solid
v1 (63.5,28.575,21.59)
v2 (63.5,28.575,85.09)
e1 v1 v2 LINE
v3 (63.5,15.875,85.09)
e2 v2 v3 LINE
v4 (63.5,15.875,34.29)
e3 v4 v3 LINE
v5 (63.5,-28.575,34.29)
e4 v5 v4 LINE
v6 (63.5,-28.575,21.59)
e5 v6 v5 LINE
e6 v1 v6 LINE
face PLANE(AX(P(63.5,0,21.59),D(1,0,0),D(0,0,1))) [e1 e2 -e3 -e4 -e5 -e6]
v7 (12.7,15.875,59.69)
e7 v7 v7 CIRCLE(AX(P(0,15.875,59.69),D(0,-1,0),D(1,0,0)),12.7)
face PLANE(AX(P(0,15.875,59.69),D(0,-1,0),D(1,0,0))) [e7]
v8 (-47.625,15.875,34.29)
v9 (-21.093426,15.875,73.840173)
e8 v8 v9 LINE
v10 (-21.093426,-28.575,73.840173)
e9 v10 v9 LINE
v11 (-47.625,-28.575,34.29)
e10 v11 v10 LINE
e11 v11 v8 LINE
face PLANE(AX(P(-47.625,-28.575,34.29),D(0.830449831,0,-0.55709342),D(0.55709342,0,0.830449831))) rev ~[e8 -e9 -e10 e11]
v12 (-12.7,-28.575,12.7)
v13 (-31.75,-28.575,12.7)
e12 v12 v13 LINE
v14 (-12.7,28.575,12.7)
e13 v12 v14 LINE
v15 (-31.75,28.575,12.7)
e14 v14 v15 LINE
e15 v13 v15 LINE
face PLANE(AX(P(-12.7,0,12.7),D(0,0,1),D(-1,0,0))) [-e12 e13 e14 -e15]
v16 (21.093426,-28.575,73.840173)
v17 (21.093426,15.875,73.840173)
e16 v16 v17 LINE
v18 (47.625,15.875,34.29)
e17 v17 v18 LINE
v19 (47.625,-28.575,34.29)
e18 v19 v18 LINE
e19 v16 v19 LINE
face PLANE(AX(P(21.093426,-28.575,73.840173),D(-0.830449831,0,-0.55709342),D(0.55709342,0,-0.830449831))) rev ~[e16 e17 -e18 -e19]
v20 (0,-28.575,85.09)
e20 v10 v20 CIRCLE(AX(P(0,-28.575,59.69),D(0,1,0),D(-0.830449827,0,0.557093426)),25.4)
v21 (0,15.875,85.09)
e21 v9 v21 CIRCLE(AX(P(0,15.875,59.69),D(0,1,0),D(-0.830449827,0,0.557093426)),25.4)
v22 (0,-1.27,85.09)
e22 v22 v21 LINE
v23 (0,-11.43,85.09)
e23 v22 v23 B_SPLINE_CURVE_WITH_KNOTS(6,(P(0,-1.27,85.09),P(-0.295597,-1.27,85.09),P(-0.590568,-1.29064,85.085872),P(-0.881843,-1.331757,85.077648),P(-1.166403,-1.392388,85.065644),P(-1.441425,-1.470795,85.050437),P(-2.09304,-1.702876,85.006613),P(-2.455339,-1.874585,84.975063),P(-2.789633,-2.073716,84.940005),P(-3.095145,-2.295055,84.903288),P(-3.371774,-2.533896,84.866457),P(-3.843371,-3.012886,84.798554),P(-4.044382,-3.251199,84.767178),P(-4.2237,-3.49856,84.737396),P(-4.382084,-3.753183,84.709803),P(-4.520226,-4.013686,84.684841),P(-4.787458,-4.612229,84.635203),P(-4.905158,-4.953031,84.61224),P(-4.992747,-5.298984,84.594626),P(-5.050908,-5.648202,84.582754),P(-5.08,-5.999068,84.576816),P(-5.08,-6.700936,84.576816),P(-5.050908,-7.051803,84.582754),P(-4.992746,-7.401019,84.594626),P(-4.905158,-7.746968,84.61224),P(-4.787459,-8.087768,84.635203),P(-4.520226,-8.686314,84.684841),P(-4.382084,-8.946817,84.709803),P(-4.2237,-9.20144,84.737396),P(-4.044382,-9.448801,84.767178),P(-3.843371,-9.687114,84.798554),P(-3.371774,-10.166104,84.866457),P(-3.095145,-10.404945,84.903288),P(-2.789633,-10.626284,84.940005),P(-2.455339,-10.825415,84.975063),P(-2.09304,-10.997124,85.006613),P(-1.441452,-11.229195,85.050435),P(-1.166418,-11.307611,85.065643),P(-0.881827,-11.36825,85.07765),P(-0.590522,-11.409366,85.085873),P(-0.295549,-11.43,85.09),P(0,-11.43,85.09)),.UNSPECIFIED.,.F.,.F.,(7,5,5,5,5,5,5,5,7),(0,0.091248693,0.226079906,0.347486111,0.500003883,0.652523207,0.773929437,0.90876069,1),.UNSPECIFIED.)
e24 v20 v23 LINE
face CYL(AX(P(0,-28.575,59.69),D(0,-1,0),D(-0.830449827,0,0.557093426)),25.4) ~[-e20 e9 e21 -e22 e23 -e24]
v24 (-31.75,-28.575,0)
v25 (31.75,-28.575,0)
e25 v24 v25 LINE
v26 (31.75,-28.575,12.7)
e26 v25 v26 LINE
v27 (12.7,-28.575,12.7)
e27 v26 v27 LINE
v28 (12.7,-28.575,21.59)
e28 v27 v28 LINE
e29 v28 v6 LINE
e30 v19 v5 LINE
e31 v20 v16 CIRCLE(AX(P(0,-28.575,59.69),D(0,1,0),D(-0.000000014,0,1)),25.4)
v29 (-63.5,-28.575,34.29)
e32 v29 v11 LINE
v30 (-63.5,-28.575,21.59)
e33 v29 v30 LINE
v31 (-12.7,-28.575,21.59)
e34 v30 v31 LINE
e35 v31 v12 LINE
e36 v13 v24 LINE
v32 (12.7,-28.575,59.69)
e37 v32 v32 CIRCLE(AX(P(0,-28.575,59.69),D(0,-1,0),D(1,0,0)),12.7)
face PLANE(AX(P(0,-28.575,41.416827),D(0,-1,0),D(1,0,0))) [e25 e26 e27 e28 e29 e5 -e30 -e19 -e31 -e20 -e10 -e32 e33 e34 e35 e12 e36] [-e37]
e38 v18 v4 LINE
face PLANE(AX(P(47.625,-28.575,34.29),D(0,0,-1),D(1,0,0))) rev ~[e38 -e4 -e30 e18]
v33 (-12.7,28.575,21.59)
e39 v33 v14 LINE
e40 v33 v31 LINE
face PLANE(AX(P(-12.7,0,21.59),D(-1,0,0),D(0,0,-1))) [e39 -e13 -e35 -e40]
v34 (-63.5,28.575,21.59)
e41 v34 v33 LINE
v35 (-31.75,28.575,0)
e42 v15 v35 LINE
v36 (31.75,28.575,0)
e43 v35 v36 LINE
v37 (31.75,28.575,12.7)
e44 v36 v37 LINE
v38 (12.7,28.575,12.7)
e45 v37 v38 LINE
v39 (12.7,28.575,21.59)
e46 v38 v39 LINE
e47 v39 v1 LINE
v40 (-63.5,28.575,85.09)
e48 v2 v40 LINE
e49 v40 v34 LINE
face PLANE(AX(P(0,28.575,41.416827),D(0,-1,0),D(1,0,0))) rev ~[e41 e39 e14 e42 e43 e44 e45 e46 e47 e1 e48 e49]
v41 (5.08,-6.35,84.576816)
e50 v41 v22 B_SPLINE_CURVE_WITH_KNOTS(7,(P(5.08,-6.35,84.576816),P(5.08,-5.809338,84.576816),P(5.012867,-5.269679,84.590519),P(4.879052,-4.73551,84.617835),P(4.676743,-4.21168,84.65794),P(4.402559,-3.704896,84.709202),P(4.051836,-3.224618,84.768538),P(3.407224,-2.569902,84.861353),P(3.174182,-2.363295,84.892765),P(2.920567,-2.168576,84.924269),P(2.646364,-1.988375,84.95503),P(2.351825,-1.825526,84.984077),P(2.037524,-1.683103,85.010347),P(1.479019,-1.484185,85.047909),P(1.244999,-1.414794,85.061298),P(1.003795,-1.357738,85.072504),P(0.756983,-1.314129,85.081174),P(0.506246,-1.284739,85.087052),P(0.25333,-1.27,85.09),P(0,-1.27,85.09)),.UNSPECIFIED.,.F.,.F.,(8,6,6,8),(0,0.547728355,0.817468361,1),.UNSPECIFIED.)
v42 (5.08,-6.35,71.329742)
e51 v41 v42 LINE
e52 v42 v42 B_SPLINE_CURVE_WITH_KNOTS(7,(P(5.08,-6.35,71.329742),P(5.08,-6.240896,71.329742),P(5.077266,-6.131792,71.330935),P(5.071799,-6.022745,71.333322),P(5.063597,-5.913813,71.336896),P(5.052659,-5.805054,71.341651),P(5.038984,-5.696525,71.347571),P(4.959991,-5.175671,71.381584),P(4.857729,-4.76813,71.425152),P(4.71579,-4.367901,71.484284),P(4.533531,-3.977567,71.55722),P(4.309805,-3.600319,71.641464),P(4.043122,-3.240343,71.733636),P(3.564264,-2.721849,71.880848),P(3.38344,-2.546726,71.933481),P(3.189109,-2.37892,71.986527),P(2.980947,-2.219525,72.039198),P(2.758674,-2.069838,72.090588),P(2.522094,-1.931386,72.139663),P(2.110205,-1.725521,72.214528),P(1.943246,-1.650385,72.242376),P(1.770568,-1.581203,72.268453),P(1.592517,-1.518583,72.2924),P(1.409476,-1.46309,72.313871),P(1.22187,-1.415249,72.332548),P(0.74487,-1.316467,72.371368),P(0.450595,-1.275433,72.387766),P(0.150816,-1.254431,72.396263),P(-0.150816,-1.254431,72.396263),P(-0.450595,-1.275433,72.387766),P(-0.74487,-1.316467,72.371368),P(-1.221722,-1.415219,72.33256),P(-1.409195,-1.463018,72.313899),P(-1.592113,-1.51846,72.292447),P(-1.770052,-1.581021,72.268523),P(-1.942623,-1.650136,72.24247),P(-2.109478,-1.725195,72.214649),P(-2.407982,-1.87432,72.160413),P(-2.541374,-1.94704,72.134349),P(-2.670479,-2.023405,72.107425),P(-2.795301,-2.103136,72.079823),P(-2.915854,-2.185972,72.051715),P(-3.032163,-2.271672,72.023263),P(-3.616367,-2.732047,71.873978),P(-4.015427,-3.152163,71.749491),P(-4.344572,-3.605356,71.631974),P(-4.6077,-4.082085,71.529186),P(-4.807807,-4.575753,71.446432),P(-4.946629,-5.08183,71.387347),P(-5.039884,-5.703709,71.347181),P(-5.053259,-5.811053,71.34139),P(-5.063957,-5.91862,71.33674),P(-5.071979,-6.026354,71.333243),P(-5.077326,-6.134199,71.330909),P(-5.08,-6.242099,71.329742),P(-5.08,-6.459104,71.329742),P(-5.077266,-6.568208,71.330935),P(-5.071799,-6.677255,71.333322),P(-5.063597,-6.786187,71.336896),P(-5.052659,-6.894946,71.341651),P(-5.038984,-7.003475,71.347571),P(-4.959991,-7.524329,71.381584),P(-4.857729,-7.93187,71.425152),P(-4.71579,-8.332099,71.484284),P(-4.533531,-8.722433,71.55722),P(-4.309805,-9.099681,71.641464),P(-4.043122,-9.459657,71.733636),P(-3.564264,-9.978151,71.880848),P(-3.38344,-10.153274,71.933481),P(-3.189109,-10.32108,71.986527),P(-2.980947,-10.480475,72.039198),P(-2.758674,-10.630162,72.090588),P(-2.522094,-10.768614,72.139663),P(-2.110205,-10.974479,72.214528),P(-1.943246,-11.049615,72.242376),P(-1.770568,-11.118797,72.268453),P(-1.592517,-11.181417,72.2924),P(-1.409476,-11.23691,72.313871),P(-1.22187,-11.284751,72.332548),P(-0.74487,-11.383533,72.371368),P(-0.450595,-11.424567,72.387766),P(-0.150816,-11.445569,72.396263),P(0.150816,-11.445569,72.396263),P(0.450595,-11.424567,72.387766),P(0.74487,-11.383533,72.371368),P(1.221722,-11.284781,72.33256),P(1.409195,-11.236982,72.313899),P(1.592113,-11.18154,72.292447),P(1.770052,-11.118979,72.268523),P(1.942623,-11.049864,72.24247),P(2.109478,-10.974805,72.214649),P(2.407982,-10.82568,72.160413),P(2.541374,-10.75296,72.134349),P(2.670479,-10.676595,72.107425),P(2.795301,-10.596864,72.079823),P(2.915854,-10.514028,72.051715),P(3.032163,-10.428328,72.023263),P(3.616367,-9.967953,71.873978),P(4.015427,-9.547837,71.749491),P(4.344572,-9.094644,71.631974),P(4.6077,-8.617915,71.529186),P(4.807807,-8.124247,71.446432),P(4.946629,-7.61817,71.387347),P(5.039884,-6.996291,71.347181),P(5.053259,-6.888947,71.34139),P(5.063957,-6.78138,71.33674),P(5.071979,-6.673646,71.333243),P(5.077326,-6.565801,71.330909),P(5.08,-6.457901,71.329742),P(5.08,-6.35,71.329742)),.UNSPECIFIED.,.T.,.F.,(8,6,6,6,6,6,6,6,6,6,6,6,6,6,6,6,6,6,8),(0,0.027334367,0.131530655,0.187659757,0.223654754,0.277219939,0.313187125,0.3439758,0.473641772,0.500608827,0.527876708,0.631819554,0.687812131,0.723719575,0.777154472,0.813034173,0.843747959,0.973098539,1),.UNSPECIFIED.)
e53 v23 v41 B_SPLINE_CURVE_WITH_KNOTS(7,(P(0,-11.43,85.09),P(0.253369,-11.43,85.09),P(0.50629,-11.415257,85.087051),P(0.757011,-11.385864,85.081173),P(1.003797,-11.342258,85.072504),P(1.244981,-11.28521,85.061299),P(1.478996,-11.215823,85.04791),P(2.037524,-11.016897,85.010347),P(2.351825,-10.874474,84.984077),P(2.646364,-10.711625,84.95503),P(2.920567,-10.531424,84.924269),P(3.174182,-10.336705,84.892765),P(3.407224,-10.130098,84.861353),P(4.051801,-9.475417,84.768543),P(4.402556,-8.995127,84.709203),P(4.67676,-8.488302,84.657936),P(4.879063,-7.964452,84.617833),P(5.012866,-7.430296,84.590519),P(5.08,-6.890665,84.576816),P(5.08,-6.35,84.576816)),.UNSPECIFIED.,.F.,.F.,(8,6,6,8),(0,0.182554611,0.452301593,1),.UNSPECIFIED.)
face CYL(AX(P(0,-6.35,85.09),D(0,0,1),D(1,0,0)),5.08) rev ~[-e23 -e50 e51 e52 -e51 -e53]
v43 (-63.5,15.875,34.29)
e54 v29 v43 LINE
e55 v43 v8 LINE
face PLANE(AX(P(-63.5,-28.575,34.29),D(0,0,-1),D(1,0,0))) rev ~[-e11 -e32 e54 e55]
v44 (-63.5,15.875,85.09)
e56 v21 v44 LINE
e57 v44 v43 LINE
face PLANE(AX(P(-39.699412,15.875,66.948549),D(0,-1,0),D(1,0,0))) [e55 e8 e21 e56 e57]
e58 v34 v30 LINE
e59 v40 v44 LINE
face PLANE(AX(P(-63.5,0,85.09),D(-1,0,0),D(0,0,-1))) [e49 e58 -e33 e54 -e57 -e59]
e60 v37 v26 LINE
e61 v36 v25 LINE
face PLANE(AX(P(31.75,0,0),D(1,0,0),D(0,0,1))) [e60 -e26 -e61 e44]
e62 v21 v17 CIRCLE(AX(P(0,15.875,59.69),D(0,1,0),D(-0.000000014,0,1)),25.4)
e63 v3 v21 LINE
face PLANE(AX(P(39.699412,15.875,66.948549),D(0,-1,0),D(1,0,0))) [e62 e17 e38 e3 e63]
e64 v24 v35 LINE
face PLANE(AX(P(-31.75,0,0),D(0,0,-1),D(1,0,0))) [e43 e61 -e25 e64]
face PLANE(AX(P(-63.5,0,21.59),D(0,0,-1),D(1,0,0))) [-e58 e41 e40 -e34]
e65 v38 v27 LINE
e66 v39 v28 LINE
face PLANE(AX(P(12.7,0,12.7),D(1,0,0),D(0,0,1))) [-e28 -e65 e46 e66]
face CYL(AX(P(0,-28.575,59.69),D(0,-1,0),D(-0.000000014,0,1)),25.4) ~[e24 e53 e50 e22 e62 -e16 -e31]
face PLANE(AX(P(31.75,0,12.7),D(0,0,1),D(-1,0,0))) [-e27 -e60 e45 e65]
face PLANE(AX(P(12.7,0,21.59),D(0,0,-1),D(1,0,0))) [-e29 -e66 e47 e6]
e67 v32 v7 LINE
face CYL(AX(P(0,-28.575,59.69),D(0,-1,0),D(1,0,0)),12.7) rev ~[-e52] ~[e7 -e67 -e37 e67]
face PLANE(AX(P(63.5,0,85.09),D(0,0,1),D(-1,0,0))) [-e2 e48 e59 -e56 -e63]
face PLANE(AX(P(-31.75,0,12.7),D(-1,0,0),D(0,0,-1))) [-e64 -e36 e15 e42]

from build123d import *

# Parameters (mm, degrees)
F1_DEPTH = 28.575
F3_DEPTH = 44.45
F4_R     = 12.7
F5_DEPTH = 44.45
F6_R     = 5.08
F7_DEPTH = 25.4


with BuildPart() as f1:
    # F0 (on Front) → F1 (new body, symmetric)
    with BuildSketch(Plane.XZ):
        Polygon((-31.75, 0), (0, 0), (31.75, 0), (31.75, 12.7), (12.7, 12.7), (12.7, 21.59), (63.5, 21.59), (63.5, 85.09), (0, 85.09), (-63.5, 85.09), (-63.5, 21.59), (-12.7, 21.59), (-12.7, 12.7), (-31.75, 12.7), align=None)
    extrude(amount=F1_DEPTH, both=True)

    # F2 (on face) → F3 (cut)
    with BuildSketch(Plane.XZ.offset(28.575)):
        with BuildLine():
            Line((-63.5, 85.09), (-63.5, 34.29))
            Line((-63.5, 34.29), (-47.625, 34.29))
            Line((-47.625, 34.29), (-21.093426, 73.840173))
            ThreePointArc((-21.093426, 73.840173), (-11.952941, 82.101765), (0, 85.09))
            Line((0, 85.09), (-63.5, 85.09))
        make_face()
        with BuildLine():
            Line((47.625, 34.29), (63.5, 34.29))
            Line((63.5, 34.29), (63.5, 85.09))
            Line((63.5, 85.09), (0, 85.09))
            ThreePointArc((0, 85.09), (11.952941, 82.101765), (21.093426, 73.840173))
            Line((21.093426, 73.840173), (47.625, 34.29))
        make_face()
    extrude(amount=-F3_DEPTH, mode=Mode.SUBTRACT)

    # F4 (on face) → F5 (cut)
    with BuildSketch(Plane.XZ.offset(28.575)):
        with Locations((0, 59.69)):
            Circle(F4_R)
    extrude(amount=-F5_DEPTH, mode=Mode.SUBTRACT)

    # F6 (on face) → F7 (cut)
    with BuildSketch(Plane.XY.offset(85.09)):
        with Locations((0, -6.35)):
            Circle(F6_R)
    extrude(amount=-F7_DEPTH, mode=Mode.SUBTRACT)


solid = f1.part
